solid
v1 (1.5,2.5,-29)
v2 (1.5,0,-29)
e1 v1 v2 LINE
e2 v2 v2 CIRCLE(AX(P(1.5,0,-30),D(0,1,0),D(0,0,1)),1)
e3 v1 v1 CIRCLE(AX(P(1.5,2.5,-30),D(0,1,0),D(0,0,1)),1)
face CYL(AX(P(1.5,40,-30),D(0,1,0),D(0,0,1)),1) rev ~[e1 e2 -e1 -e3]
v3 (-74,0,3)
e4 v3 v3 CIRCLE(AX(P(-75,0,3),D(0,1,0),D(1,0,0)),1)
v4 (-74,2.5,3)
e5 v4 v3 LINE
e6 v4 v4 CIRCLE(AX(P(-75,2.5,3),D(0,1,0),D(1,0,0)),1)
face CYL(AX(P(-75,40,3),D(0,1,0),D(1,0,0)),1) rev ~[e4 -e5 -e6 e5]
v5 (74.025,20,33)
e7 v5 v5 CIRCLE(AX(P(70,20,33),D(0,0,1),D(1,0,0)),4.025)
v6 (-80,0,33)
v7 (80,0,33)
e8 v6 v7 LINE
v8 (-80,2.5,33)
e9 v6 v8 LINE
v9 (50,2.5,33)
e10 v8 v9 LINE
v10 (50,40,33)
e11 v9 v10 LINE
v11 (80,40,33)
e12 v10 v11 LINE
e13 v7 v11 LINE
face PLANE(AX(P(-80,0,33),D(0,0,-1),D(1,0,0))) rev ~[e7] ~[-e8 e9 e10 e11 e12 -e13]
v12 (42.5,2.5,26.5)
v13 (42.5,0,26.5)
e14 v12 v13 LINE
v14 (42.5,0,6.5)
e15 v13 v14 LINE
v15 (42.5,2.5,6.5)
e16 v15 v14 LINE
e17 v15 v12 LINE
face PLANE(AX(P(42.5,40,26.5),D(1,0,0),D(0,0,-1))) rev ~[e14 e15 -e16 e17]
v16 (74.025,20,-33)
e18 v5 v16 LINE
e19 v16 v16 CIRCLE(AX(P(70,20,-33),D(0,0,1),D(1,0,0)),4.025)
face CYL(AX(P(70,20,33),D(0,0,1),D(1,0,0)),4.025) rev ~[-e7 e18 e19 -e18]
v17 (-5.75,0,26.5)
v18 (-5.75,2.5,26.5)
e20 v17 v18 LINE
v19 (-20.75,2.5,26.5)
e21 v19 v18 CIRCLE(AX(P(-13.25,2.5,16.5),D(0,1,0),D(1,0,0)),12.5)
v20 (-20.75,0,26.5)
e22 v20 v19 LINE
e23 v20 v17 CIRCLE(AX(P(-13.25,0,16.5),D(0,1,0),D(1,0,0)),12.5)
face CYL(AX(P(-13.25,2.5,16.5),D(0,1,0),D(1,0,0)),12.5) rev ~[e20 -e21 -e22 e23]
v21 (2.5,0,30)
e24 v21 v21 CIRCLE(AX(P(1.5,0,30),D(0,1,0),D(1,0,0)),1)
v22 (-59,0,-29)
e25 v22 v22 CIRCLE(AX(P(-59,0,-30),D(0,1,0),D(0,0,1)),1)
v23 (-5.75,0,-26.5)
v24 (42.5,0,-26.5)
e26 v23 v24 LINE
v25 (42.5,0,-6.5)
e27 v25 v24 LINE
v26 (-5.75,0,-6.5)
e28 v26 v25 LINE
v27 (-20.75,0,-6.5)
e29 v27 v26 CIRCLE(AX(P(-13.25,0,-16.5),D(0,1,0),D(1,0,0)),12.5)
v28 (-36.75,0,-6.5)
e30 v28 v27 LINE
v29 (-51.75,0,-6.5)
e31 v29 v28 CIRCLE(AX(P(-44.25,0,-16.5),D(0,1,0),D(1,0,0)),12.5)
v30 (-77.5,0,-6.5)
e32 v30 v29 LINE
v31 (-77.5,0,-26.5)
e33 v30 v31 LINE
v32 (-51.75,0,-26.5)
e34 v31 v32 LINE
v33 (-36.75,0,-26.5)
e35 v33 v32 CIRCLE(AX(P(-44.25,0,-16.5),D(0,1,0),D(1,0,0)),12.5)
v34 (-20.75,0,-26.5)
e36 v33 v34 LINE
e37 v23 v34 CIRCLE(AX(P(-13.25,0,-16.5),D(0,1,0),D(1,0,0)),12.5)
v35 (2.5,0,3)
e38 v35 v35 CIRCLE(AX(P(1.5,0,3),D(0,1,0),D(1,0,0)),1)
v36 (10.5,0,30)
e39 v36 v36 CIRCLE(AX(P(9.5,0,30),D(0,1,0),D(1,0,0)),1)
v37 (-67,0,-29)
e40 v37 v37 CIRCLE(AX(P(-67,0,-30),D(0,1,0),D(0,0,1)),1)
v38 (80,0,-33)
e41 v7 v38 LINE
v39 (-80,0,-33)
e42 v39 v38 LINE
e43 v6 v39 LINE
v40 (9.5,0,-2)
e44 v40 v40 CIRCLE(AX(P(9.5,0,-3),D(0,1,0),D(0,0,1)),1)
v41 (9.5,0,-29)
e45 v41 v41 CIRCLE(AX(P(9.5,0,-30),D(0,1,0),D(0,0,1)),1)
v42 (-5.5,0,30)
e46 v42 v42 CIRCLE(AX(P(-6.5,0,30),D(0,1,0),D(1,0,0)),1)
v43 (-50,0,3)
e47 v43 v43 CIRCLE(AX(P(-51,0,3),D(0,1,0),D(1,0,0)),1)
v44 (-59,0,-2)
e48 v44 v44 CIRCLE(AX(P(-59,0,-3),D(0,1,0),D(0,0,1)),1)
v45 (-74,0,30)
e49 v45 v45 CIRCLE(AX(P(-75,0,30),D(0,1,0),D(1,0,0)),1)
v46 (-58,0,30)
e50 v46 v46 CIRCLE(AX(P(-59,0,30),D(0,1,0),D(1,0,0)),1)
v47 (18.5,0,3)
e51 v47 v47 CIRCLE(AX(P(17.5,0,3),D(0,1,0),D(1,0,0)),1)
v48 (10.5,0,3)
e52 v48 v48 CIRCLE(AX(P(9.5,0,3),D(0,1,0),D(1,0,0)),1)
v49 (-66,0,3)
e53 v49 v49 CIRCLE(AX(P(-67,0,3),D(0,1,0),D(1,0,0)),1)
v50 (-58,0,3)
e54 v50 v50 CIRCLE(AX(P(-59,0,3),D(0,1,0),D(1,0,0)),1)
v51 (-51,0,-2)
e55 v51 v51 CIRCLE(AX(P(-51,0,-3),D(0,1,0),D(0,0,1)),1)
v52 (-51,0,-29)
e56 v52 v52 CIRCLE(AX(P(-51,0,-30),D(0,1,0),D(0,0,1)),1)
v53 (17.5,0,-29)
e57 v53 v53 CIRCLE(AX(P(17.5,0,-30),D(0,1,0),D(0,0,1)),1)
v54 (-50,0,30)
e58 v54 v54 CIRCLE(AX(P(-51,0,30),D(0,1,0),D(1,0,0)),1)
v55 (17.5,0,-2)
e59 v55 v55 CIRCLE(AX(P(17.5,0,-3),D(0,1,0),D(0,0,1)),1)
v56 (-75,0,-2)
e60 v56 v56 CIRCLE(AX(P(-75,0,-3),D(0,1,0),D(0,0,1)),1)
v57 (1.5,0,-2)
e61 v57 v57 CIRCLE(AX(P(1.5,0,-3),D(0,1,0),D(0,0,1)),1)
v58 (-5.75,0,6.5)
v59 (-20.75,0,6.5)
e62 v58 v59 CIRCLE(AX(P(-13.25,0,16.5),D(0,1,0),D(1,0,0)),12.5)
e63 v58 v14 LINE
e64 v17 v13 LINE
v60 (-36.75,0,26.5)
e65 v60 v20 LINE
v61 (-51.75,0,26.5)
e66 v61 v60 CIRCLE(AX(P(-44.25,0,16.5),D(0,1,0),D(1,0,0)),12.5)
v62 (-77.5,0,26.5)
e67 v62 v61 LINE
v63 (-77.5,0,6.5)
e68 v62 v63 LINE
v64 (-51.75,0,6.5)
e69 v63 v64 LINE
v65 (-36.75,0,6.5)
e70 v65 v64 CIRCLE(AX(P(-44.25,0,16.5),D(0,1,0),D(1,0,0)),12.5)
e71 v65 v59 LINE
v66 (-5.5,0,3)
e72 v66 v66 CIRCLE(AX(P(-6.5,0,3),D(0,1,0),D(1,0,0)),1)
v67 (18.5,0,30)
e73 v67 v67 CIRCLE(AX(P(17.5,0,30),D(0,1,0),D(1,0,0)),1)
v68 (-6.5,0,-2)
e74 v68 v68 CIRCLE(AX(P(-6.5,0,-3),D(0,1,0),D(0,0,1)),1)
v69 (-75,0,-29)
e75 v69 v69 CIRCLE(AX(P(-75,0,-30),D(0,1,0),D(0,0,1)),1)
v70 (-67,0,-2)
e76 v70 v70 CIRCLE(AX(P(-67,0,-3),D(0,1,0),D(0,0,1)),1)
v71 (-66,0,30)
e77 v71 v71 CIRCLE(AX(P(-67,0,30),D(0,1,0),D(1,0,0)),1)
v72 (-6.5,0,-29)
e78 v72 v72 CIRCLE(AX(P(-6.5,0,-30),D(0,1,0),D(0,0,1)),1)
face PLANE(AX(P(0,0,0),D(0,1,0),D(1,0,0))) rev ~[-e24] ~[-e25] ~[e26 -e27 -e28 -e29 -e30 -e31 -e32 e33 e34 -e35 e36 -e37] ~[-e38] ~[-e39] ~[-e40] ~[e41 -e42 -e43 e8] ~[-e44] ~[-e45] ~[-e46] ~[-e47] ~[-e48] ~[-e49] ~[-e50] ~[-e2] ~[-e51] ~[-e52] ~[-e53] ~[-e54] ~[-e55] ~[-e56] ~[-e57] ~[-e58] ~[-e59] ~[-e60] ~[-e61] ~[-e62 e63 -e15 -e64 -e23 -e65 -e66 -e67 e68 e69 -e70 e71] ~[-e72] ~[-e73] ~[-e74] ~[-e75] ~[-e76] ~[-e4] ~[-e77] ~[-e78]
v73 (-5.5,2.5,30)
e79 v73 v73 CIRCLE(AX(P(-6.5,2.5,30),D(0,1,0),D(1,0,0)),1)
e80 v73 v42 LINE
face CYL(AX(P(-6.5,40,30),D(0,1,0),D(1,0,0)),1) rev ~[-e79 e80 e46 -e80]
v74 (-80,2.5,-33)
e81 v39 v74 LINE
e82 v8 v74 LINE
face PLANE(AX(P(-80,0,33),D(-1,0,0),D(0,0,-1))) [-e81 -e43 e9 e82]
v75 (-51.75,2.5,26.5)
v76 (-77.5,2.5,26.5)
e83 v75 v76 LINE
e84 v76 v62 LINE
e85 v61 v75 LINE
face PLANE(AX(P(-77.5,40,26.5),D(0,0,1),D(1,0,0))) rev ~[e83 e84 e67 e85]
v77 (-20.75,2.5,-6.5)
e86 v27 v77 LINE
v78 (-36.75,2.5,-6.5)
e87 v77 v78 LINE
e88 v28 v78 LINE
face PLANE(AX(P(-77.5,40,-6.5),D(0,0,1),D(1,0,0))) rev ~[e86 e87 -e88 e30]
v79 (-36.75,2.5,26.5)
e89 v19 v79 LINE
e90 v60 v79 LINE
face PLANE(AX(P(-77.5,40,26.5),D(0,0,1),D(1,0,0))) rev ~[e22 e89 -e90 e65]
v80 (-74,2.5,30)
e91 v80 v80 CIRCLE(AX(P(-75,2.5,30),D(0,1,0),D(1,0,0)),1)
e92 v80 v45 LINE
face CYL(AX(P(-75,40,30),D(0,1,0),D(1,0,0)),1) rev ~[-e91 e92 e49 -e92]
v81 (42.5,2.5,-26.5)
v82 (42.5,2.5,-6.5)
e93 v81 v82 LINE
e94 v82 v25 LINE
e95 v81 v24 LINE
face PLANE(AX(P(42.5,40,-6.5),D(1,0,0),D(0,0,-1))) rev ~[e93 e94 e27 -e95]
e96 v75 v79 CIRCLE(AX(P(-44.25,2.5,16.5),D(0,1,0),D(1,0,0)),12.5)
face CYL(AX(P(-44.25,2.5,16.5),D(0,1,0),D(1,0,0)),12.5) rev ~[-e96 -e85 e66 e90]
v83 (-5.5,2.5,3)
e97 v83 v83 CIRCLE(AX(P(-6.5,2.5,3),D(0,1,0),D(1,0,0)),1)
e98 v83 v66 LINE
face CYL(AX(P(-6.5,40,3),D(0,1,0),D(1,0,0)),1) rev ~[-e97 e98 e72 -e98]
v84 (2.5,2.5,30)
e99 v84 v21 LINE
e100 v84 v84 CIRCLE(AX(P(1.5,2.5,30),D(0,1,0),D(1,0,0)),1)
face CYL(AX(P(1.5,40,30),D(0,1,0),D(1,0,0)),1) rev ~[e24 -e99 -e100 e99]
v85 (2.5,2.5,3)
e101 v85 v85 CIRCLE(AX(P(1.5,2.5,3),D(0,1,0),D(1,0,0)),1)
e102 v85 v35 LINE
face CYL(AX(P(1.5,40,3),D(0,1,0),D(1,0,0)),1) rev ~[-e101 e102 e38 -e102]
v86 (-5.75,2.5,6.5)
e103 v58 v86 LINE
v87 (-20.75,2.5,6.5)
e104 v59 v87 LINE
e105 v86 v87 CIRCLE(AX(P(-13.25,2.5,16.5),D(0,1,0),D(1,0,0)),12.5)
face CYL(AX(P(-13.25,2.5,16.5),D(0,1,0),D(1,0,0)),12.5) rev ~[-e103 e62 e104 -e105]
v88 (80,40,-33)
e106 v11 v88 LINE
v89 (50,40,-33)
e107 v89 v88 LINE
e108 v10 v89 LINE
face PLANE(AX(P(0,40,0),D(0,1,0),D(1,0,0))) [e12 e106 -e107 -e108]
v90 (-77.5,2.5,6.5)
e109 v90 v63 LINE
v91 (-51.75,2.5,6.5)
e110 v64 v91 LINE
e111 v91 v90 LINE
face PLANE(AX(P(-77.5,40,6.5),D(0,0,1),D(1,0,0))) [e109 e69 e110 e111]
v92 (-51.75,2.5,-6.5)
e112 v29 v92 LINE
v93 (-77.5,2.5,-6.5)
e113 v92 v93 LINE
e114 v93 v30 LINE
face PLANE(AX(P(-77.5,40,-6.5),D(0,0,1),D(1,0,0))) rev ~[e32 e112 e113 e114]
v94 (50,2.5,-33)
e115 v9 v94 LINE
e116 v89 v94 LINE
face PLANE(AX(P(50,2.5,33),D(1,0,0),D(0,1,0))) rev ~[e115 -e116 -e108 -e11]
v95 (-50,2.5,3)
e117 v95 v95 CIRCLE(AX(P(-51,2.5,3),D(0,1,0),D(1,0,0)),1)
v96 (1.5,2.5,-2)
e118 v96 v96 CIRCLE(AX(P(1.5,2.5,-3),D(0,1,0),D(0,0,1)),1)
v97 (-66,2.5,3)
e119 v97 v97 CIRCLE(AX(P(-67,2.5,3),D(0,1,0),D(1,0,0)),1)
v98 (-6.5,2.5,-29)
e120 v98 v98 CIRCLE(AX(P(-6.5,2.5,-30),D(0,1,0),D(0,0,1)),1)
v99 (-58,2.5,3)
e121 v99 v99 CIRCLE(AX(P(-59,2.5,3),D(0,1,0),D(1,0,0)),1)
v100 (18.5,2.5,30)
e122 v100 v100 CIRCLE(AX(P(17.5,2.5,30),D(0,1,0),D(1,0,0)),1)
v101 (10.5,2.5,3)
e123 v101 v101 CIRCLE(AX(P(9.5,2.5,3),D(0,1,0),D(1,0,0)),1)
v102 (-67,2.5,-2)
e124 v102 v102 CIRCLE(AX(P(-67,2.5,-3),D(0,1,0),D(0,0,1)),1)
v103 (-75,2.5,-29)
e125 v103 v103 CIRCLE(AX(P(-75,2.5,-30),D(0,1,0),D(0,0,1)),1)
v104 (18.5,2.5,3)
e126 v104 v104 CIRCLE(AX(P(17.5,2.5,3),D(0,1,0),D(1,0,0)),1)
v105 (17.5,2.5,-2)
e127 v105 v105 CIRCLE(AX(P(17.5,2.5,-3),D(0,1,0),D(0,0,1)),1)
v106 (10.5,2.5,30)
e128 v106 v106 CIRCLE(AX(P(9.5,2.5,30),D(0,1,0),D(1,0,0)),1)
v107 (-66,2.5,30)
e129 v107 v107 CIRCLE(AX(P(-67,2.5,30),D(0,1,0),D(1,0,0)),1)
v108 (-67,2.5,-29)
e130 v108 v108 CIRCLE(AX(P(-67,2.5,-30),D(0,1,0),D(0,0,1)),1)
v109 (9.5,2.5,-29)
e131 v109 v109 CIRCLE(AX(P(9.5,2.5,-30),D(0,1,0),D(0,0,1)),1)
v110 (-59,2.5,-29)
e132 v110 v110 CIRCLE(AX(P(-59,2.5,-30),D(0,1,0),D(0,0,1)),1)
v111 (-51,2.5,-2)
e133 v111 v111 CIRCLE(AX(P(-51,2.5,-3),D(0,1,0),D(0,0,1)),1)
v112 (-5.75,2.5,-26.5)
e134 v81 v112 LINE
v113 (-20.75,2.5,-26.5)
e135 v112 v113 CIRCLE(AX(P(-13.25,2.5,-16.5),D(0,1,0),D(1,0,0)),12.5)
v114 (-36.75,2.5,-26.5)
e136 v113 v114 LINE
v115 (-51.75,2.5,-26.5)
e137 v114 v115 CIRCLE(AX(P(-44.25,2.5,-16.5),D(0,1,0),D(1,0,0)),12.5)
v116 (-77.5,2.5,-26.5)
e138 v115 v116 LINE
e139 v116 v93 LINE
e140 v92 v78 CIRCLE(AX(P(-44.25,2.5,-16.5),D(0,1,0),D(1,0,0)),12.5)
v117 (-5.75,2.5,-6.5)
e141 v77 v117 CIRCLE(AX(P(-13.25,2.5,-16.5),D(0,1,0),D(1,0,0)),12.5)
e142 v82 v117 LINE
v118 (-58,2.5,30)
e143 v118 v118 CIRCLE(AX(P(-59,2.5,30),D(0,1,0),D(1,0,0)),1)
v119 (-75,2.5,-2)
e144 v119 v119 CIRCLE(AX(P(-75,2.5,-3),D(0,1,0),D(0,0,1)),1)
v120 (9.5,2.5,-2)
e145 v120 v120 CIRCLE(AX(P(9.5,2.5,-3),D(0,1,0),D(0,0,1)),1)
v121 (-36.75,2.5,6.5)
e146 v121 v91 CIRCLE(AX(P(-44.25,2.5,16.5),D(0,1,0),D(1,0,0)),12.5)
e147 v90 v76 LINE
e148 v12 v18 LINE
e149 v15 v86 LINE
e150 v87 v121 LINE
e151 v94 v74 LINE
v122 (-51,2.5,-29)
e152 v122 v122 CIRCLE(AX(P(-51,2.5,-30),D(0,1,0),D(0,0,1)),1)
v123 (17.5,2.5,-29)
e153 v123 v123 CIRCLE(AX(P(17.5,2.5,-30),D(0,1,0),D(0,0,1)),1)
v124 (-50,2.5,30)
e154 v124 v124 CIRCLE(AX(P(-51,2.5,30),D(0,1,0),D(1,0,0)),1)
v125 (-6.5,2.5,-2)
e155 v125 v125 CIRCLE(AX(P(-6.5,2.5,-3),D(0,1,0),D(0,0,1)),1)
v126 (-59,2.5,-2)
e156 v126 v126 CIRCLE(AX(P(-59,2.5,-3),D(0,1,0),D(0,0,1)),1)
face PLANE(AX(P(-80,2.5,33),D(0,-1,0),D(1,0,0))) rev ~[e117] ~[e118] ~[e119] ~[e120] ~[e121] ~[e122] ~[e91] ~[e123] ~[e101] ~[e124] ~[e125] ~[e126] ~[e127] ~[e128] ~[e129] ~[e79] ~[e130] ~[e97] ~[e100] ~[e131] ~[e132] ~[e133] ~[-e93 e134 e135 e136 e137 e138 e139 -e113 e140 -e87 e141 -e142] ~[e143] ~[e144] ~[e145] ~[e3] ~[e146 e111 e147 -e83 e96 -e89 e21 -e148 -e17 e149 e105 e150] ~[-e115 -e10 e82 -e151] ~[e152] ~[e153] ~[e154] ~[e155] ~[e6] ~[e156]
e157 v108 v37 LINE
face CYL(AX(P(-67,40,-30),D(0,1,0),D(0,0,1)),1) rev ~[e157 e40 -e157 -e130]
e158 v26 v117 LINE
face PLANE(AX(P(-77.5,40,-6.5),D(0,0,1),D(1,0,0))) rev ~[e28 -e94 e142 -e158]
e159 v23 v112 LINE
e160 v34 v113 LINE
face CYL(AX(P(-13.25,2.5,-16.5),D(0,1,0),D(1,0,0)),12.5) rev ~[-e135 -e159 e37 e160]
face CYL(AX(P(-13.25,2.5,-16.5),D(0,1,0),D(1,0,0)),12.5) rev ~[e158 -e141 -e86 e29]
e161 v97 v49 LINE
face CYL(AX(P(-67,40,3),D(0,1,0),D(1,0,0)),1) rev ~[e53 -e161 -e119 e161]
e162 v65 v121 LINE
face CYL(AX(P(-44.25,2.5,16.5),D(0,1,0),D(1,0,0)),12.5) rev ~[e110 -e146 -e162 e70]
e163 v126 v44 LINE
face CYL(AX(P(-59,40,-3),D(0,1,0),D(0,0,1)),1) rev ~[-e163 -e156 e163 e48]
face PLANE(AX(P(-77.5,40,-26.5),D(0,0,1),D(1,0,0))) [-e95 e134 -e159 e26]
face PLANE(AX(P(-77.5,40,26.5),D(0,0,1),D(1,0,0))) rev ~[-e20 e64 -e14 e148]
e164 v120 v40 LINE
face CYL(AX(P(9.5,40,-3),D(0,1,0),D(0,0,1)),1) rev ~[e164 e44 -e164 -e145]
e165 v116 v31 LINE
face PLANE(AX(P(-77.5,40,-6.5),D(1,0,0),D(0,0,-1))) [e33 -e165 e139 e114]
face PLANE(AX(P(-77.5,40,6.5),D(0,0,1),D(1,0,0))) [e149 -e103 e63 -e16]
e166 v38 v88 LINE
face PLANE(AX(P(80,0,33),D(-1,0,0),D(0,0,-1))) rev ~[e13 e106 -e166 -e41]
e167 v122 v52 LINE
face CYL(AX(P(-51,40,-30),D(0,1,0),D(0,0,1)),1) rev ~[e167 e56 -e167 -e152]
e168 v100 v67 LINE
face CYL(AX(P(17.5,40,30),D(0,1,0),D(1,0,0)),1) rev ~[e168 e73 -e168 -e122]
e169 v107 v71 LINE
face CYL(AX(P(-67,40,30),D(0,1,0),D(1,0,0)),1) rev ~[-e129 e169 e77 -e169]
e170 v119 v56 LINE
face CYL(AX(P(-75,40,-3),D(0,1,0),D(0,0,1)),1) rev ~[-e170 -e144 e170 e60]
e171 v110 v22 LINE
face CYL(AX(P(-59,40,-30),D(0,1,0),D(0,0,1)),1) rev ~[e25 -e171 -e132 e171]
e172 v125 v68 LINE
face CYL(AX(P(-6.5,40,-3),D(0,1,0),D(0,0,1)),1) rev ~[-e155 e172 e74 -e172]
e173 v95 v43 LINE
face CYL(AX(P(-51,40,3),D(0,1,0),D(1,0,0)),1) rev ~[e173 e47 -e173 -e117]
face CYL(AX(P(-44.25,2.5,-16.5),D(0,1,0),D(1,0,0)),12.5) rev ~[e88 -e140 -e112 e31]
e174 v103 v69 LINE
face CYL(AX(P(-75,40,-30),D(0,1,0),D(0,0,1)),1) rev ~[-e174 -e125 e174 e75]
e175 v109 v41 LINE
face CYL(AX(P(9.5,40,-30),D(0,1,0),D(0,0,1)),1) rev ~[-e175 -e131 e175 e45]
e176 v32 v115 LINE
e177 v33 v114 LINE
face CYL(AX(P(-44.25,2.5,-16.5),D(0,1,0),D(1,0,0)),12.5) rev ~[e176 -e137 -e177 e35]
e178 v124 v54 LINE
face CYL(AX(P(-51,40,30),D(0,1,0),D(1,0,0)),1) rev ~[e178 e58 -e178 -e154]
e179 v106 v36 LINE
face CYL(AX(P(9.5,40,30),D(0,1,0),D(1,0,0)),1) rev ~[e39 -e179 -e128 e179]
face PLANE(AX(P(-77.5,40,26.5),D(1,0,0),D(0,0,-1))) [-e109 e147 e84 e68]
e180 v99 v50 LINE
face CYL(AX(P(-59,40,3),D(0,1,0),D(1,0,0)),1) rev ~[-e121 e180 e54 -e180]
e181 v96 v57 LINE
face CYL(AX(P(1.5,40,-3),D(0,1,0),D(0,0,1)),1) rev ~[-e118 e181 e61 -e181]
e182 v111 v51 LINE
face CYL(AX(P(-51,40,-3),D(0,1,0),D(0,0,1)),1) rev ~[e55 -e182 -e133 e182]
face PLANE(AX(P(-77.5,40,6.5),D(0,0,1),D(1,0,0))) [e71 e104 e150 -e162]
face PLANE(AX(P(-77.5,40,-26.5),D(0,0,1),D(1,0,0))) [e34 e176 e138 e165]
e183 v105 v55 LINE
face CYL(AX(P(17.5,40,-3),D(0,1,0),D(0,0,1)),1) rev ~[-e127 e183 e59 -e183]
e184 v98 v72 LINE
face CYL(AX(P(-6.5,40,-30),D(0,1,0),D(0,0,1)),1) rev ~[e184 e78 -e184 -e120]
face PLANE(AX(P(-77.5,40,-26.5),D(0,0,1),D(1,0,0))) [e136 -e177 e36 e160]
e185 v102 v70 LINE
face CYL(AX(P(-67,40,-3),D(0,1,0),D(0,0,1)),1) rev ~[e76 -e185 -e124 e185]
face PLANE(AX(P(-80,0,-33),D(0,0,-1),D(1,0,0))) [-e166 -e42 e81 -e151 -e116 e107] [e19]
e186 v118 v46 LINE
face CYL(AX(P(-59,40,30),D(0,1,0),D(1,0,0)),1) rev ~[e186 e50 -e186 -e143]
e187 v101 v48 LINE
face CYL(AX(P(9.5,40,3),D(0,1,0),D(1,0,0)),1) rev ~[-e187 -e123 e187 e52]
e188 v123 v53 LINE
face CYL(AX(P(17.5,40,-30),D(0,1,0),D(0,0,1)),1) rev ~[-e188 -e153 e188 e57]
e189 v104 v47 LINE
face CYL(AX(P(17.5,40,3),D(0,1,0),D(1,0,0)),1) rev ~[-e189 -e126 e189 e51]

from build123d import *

# Parameters (mm, degrees)
SKETCH1_W           = 160
SKETCH1_H           = 66
BOSS_EXTRUDE1_DEPTH = 40
SKETCH2_R           = 4.025
SKETCH2_W           = 130
SKETCH2_H           = 37.5
CUT_EXTRUDE1_DEPTH  = 112.157545853
SKETCH3_R           = 1
SKETCH3_W           = 120
SKETCH3_H           = 20
CUT_EXTRUDE2_DEPTH  = 96.336247042
SKETCH4_R           = 12.5
CUT_EXTRUDE3_DEPTH  = 95.314633011


with BuildPart() as part:
    # Sketch1 → Boss-Extrude1 (new body)
    with BuildSketch(Plane(origin=(0, 0, 0), x_dir=(1, 0, 0), z_dir=(0, 1, 0))):
        Rectangle(SKETCH1_W, SKETCH1_H)
    extrude(amount=BOSS_EXTRUDE1_DEPTH)

    # Sketch2 → Cut-Extrude1 (cut, through all)
    with BuildSketch(Plane.XY.offset(33)):
        with Locations((70, 20)):
            Circle(SKETCH2_R)
        with Locations((-15, 21.25)):
            Rectangle(SKETCH2_W, SKETCH2_H)
    extrude(amount=-CUT_EXTRUDE1_DEPTH, mode=Mode.SUBTRACT)

    # Sketch3 → Cut-Extrude2 (cut, through all)
    with BuildSketch(Plane(origin=(0, 40, 0), x_dir=(1, 0, 0), z_dir=(0, 1, 0))):
        with Locations(Location((-75, 30, 0), (0, 0, 270))):
            Circle(SKETCH3_R)
        with Locations(Location((-75, 3, 0), (0, 0, 270))):
            Circle(SKETCH3_R)
        with Locations(Location((-67, 30, 0), (0, 0, 270))):
            Circle(SKETCH3_R)
        with Locations(Location((-59, 30, 0), (0, 0, 270))):
            Circle(SKETCH3_R)
        with Locations(Location((-51, 30, 0), (0, 0, 270))):
            Circle(SKETCH3_R)
        with Locations(Location((-67, 3, 0), (0, 0, 270))):
            Circle(SKETCH3_R)
        with Locations(Location((-59, 3, 0), (0, 0, 270))):
            Circle(SKETCH3_R)
        with Locations(Location((-51, 3, 0), (0, 0, 270))):
            Circle(SKETCH3_R)
        with Locations(Location((-6.5, 30, 0), (0, 0, 270))):
            Circle(SKETCH3_R)
        with Locations(Location((-6.5, 3, 0), (0, 0, 270))):
            Circle(SKETCH3_R)
        with Locations(Location((1.5, 30, 0), (0, 0, 270))):
            Circle(SKETCH3_R)
        with Locations(Location((9.5, 30, 0), (0, 0, 270))):
            Circle(SKETCH3_R)
        with Locations(Location((17.5, 30, 0), (0, 0, 270))):
            Circle(SKETCH3_R)
        with Locations(Location((1.5, 3, 0), (0, 0, 270))):
            Circle(SKETCH3_R)
        with Locations(Location((9.5, 3, 0), (0, 0, 270))):
            Circle(SKETCH3_R)
        with Locations(Location((17.5, 3, 0), (0, 0, 270))):
            Circle(SKETCH3_R)
        with Locations((17.5, -3)):
            Circle(SKETCH3_R)
        with Locations((9.5, -3)):
            Circle(SKETCH3_R)
        with Locations((1.5, -3)):
            Circle(SKETCH3_R)
        with Locations((17.5, -30)):
            Circle(SKETCH3_R)
        with Locations((9.5, -30)):
            Circle(SKETCH3_R)
        with Locations((1.5, -30)):
            Circle(SKETCH3_R)
        with Locations((-6.5, -3)):
            Circle(SKETCH3_R)
        with Locations((-6.5, -30)):
            Circle(SKETCH3_R)
        with Locations((-51, -3)):
            Circle(SKETCH3_R)
        with Locations((-59, -3)):
            Circle(SKETCH3_R)
        with Locations((-67, -3)):
            Circle(SKETCH3_R)
        with Locations((-51, -30)):
            Circle(SKETCH3_R)
        with Locations((-59, -30)):
            Circle(SKETCH3_R)
        with Locations((-67, -30)):
            Circle(SKETCH3_R)
        with Locations((-75, -3)):
            Circle(SKETCH3_R)
        with Locations((-75, -30)):
            Circle(SKETCH3_R)
        with Locations((-17.5, 16.5)):
            Rectangle(SKETCH3_W, SKETCH3_H)
        with Locations((-17.5, -16.5)):
            Rectangle(SKETCH3_W, SKETCH3_H)
    extrude(amount=-CUT_EXTRUDE2_DEPTH, mode=Mode.SUBTRACT)

    # Sketch4 → Cut-Extrude3 (cut, through all)
    with BuildSketch(Plane(origin=(0, 2.5, 0), x_dir=(1, 0, 0), z_dir=(0, 1, 0))):
        with Locations((-44.25, -16.5)):
            Circle(SKETCH4_R)
        with Locations((-44.25, 16.5)):
            Circle(SKETCH4_R)
        with Locations((-13.25, 16.5)):
            Circle(SKETCH4_R)
        with Locations((-13.25, -16.5)):
            Circle(SKETCH4_R)
    extrude(amount=-CUT_EXTRUDE3_DEPTH, mode=Mode.SUBTRACT)


solid = part.part
